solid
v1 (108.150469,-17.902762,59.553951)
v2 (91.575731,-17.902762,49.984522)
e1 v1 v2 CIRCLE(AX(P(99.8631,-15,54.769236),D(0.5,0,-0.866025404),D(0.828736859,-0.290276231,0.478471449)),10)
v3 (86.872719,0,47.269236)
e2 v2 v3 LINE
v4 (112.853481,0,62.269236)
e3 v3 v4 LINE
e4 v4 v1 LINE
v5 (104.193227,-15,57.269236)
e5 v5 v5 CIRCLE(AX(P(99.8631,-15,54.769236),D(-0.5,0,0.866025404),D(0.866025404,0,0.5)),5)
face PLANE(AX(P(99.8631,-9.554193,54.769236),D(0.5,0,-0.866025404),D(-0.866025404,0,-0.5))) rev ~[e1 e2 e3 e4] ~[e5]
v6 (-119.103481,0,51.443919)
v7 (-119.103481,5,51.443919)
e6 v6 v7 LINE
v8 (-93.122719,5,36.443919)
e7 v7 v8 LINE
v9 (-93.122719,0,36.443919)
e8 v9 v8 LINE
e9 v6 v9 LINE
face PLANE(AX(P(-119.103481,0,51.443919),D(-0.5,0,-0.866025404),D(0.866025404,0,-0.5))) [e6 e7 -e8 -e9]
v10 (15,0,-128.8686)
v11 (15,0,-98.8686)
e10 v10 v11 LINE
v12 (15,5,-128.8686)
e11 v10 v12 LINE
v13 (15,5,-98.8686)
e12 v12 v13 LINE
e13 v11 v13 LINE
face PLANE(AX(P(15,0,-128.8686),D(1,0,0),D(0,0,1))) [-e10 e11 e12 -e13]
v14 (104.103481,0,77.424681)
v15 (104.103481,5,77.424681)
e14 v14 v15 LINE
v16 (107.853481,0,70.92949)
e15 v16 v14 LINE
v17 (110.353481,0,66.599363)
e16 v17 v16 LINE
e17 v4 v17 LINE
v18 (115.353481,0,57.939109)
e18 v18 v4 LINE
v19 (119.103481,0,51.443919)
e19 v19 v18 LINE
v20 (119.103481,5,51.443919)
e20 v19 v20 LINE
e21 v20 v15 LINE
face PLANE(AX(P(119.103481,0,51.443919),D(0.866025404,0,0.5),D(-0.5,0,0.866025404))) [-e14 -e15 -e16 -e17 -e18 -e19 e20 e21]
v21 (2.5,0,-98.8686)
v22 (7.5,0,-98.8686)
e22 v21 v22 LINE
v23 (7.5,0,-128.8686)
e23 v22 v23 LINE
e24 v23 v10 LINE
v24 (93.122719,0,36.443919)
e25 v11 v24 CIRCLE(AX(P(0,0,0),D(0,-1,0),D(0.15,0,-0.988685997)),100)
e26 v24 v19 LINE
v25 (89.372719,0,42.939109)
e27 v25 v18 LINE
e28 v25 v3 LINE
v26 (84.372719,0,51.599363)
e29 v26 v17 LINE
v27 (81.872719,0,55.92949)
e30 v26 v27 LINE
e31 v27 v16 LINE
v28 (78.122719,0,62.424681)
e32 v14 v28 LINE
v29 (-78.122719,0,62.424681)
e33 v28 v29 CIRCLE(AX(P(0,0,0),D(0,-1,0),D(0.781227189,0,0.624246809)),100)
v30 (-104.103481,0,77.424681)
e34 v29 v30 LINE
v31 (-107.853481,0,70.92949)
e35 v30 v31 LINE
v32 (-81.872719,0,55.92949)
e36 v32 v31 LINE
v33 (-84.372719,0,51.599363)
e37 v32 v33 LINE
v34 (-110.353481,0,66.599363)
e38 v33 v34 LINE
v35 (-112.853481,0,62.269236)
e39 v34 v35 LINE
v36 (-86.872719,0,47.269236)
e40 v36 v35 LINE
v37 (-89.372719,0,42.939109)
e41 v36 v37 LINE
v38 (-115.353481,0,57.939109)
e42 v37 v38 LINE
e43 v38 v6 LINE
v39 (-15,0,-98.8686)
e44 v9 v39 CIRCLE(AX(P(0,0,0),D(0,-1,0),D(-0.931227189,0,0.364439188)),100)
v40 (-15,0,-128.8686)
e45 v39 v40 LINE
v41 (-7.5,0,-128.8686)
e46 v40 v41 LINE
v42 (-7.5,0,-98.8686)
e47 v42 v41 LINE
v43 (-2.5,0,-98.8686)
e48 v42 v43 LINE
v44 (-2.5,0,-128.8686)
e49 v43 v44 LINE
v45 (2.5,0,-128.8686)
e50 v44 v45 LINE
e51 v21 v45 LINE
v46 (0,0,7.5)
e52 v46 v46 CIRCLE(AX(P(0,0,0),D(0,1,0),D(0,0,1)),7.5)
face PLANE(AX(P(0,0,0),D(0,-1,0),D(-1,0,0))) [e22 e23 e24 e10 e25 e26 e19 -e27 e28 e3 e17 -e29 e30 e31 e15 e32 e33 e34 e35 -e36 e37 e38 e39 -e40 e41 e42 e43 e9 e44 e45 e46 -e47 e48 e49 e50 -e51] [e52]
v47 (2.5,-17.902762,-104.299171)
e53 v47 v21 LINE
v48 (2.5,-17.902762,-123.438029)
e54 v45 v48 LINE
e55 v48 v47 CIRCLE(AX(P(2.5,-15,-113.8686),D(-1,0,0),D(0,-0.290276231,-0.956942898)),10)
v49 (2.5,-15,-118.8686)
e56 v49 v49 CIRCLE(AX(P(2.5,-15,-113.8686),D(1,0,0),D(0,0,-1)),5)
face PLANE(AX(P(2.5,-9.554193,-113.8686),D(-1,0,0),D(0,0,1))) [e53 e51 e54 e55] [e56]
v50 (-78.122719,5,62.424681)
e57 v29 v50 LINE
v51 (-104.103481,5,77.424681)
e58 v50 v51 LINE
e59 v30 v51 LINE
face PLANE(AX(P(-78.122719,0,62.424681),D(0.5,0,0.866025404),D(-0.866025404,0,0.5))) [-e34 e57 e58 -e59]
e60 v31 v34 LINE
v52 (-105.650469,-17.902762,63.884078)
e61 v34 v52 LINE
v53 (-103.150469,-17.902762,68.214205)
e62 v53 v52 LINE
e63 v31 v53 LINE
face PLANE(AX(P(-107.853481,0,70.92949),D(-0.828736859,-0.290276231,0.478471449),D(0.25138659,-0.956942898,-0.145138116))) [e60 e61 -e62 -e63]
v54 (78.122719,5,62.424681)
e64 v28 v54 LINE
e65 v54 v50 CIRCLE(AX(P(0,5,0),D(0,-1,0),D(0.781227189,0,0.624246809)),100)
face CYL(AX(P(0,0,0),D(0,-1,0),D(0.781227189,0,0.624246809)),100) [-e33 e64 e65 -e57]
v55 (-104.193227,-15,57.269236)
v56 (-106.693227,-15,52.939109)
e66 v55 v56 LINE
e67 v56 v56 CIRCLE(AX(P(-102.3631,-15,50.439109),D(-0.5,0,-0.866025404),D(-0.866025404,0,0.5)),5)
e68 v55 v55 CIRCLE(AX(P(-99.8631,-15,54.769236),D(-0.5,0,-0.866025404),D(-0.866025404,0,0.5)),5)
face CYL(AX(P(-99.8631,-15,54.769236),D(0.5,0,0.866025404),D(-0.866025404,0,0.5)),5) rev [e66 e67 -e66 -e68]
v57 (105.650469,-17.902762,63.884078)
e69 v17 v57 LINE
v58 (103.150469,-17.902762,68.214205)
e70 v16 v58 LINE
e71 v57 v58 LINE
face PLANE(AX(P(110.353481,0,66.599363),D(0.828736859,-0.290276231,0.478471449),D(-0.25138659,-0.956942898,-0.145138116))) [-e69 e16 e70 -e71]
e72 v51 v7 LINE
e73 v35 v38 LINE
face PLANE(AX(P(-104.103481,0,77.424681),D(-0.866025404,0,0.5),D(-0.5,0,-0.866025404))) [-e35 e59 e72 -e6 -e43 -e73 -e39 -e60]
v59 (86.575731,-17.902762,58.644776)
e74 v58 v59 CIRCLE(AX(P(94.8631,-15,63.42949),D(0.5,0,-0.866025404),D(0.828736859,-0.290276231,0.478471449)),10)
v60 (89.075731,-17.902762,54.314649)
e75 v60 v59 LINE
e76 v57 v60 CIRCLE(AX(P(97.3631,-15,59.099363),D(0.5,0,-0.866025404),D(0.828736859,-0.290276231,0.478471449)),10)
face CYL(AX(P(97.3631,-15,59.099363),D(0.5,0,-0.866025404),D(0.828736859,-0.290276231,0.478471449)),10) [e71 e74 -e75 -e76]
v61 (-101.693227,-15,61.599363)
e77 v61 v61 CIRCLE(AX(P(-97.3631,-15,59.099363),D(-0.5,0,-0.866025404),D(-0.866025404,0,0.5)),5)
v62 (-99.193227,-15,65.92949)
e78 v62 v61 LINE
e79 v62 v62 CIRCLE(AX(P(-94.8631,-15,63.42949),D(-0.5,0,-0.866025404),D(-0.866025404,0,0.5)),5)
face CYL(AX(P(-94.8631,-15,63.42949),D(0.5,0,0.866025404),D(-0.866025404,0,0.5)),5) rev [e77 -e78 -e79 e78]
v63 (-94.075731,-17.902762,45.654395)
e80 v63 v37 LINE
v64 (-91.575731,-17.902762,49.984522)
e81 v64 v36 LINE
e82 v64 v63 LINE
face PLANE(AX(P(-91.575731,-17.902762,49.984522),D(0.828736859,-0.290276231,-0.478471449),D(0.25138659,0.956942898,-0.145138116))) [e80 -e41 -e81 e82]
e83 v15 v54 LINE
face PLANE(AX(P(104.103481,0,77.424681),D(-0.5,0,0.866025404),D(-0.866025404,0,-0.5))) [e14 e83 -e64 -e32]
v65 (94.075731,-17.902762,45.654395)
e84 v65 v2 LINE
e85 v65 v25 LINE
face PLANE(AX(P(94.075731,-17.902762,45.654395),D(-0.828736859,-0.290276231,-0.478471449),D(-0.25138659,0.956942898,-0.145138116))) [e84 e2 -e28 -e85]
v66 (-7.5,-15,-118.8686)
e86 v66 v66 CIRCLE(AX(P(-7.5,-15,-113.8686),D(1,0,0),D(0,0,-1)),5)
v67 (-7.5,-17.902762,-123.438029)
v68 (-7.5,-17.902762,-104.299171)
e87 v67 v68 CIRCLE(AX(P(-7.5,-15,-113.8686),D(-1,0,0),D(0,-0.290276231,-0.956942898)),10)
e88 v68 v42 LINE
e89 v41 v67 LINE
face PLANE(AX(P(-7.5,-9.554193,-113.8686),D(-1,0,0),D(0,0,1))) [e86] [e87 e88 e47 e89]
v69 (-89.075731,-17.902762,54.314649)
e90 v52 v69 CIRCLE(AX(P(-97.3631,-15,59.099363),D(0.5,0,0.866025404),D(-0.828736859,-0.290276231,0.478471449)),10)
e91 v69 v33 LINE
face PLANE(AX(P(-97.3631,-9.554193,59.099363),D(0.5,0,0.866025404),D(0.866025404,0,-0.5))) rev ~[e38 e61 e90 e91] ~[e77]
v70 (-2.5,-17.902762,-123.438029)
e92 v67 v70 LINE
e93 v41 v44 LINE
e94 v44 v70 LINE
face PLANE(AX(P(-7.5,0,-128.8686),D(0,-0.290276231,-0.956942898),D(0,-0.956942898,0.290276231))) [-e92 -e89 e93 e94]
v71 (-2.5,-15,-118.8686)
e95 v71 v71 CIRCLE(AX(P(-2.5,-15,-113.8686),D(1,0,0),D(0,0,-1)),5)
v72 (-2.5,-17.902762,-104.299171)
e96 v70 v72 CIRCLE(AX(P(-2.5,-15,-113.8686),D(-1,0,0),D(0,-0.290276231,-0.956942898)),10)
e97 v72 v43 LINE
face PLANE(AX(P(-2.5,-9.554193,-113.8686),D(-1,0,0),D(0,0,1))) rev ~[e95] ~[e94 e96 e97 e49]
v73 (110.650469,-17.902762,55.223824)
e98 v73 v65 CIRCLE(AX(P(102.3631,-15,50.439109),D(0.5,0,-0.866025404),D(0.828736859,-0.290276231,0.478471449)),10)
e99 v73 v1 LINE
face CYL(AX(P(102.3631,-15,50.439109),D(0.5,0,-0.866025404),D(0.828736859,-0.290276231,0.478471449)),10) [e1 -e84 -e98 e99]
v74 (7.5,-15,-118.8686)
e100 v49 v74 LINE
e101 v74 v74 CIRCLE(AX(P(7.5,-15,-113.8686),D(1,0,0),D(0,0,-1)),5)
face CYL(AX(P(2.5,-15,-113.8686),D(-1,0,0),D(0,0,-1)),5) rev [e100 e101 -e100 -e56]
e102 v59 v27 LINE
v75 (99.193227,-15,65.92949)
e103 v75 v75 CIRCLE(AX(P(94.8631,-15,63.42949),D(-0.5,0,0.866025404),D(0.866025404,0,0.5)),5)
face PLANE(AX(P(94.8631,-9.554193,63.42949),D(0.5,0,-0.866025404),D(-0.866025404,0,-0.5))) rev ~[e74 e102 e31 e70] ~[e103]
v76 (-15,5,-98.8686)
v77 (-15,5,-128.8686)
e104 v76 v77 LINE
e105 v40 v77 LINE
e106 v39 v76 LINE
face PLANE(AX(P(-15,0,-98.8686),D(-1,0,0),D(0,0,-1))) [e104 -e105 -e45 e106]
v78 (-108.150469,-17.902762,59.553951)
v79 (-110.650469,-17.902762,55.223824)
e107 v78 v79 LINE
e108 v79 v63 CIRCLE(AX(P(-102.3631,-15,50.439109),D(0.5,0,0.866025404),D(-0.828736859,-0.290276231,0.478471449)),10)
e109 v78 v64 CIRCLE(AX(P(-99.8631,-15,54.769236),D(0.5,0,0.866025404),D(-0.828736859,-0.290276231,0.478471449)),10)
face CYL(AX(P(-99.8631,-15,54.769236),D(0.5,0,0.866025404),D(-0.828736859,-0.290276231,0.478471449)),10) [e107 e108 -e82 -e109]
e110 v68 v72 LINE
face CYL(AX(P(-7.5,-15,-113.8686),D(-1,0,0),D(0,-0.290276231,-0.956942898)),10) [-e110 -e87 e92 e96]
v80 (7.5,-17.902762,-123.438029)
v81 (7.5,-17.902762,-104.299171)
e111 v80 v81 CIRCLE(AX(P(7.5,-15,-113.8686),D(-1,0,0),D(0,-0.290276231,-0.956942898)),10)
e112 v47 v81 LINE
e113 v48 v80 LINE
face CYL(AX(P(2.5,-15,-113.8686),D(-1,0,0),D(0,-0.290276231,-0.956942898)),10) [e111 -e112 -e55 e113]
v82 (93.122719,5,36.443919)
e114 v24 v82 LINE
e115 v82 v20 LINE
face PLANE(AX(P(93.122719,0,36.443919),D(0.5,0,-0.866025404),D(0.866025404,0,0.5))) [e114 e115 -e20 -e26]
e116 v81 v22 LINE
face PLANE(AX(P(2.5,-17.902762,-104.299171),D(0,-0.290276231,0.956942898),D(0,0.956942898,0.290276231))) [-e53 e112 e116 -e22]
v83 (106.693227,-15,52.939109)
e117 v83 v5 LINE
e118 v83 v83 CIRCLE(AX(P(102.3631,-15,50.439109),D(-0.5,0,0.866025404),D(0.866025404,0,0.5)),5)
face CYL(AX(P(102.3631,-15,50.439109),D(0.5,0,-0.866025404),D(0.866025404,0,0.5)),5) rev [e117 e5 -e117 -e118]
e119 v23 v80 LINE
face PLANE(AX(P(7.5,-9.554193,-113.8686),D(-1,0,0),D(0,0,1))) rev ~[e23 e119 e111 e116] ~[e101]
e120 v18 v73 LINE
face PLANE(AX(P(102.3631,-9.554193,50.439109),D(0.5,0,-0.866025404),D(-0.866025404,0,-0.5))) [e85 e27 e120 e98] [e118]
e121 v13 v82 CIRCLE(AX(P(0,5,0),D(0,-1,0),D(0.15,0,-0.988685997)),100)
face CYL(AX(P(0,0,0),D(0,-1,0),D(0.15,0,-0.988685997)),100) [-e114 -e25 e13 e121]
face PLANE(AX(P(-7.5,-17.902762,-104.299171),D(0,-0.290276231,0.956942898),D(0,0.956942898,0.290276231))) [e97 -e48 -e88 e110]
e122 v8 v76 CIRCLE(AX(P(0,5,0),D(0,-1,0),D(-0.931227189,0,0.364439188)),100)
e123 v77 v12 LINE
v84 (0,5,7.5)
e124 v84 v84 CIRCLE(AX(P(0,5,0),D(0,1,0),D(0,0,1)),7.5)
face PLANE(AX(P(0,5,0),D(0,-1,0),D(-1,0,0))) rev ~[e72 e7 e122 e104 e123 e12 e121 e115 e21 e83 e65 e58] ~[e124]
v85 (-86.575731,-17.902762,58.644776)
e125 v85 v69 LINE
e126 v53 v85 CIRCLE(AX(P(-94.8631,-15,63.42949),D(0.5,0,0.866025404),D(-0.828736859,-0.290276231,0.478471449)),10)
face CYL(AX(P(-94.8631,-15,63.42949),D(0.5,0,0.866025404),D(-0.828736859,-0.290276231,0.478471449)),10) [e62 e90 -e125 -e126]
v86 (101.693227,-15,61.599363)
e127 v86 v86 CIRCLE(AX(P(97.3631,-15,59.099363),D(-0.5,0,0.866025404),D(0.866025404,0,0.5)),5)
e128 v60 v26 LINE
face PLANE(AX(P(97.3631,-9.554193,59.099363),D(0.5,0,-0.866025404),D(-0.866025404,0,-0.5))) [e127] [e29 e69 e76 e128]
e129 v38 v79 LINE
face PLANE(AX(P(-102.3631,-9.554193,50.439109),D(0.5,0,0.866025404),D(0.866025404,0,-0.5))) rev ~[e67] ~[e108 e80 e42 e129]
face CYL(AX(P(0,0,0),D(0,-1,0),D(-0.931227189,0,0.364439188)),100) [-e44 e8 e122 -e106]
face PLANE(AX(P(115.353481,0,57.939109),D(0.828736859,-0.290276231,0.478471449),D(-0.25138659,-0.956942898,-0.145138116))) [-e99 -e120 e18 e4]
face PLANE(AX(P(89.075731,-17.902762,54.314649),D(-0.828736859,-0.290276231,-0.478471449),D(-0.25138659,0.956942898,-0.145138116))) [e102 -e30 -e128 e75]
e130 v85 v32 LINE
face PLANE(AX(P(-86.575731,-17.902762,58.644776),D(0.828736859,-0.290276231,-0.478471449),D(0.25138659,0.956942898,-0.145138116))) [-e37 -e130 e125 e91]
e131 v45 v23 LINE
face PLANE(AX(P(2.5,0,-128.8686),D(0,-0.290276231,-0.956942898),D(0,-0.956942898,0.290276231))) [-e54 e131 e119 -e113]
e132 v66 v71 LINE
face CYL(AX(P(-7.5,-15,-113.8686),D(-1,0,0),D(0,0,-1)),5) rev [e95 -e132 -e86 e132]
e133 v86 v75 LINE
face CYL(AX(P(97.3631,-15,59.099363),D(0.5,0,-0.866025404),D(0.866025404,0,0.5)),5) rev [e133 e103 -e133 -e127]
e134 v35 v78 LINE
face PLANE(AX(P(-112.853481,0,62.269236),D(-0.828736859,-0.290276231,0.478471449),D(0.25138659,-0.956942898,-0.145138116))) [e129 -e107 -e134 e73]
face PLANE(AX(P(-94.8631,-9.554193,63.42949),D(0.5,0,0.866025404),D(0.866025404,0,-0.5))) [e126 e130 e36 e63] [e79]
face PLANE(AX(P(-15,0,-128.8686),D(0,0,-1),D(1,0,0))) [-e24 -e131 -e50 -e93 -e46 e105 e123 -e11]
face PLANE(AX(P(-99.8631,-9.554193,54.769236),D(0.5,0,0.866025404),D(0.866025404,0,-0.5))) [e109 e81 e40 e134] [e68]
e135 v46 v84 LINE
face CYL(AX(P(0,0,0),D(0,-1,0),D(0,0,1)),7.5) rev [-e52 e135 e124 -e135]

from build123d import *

# Parameters (mm, degrees)
SKETCH1_R           = 7.5
BOSS_EXTRUDE2_DEPTH = 5
BOSS_EXTRUDE5_START = 2.5
SKETCH4_R           = 5
BOSS_EXTRUDE5_DEPTH = 5
BOSS_EXTRUDE6_START = -7.5
SKETCH4_2_R         = 5
BOSS_EXTRUDE6_DEPTH = 5
CIRPATTERN5_COUNT   = 3
CIRPATTERN5_ANGLE   = 240


with BuildPart() as part:
    # Sketch1 → Boss-Extrude2 (new body)
    with BuildSketch(Plane(origin=(0, 0, 0), x_dir=(1, 0, 0), z_dir=(0, 1, 0))):
        with BuildLine():
            Line((-15, 128.868599666), (-15, 98.868599666))
            ThreePointArc((-15, 98.868599666), (-86.602540378, 50), (-93.122718948, -36.443918776))
            Line((-93.122718948, -36.443918776), (-119.103481061, -51.443918776))
            Line((-119.103481061, -51.443918776), (-104.103481061, -77.42468089))
            Line((-104.103481061, -77.42468089), (-78.122718948, -62.42468089))
            ThreePointArc((-78.122718948, -62.42468089), (0, -100), (78.122718948, -62.42468089))
            Line((78.122718948, -62.42468089), (104.103481061, -77.42468089))
            Line((104.103481061, -77.42468089), (119.103481061, -51.443918776))
            Line((119.103481061, -51.443918776), (93.122718948, -36.443918776))
            ThreePointArc((93.122718948, -36.443918776), (86.602540378, 50), (15, 98.868599666))
            Line((15, 98.868599666), (15, 128.868599666))
            Line((15, 128.868599666), (-15, 128.868599666))
        make_face()
        Circle(SKETCH1_R, mode=Mode.SUBTRACT)
    extrude(amount=BOSS_EXTRUDE2_DEPTH)

    # Sketch4 → Boss-Extrude5 (add)
    with BuildSketch(Plane(origin=(0, 0, 0), x_dir=(0, 0, -1), z_dir=(1, 0, 0)).offset(BOSS_EXTRUDE5_START)):
        with BuildLine():
            Line((104.299170688, -17.902762311), (98.868599666, 0))
            Line((98.868599666, 0), (128.868599666, 0))
            Line((128.868599666, 0), (123.438028644, -17.902762311))
            ThreePointArc((123.438028644, -17.902762311), (113.868599666, -25), (104.299170688, -17.902762311))
        make_face()
        with Locations((113.868599666, -15)):
            Circle(SKETCH4_R, mode=Mode.SUBTRACT)
    boss_extrude5 = extrude(amount=BOSS_EXTRUDE5_DEPTH)

    # Sketch4<2> → Boss-Extrude6 (add)
    with BuildSketch(Plane(origin=(0, 0, 0), x_dir=(0, 0, -1), z_dir=(1, 0, 0)).offset(BOSS_EXTRUDE6_START)):
        with BuildLine():
            Line((104.299170688, -17.902762311), (98.868599666, 0))
            Line((98.868599666, 0), (128.868599666, 0))
            Line((128.868599666, 0), (123.438028644, -17.902762311))
            ThreePointArc((123.438028644, -17.902762311), (113.868599666, -25), (104.299170688, -17.902762311))
        make_face()
        with Locations((113.868599666, -15)):
            Circle(SKETCH4_2_R, mode=Mode.SUBTRACT)
    boss_extrude6 = extrude(amount=BOSS_EXTRUDE6_DEPTH)

    # CirPattern5: Boss-Extrude5, Boss-Extrude6 ×3 about axis
    cirpattern5_axis = Axis((0, 0, 0), (0, 1, 0))
    add([boss_extrude5.rotate(cirpattern5_axis, i * CIRPATTERN5_ANGLE / (CIRPATTERN5_COUNT - 1)) for i in range(1, CIRPATTERN5_COUNT)])
    add([boss_extrude6.rotate(cirpattern5_axis, i * CIRPATTERN5_ANGLE / (CIRPATTERN5_COUNT - 1)) for i in range(1, CIRPATTERN5_COUNT)])


solid = part.part
